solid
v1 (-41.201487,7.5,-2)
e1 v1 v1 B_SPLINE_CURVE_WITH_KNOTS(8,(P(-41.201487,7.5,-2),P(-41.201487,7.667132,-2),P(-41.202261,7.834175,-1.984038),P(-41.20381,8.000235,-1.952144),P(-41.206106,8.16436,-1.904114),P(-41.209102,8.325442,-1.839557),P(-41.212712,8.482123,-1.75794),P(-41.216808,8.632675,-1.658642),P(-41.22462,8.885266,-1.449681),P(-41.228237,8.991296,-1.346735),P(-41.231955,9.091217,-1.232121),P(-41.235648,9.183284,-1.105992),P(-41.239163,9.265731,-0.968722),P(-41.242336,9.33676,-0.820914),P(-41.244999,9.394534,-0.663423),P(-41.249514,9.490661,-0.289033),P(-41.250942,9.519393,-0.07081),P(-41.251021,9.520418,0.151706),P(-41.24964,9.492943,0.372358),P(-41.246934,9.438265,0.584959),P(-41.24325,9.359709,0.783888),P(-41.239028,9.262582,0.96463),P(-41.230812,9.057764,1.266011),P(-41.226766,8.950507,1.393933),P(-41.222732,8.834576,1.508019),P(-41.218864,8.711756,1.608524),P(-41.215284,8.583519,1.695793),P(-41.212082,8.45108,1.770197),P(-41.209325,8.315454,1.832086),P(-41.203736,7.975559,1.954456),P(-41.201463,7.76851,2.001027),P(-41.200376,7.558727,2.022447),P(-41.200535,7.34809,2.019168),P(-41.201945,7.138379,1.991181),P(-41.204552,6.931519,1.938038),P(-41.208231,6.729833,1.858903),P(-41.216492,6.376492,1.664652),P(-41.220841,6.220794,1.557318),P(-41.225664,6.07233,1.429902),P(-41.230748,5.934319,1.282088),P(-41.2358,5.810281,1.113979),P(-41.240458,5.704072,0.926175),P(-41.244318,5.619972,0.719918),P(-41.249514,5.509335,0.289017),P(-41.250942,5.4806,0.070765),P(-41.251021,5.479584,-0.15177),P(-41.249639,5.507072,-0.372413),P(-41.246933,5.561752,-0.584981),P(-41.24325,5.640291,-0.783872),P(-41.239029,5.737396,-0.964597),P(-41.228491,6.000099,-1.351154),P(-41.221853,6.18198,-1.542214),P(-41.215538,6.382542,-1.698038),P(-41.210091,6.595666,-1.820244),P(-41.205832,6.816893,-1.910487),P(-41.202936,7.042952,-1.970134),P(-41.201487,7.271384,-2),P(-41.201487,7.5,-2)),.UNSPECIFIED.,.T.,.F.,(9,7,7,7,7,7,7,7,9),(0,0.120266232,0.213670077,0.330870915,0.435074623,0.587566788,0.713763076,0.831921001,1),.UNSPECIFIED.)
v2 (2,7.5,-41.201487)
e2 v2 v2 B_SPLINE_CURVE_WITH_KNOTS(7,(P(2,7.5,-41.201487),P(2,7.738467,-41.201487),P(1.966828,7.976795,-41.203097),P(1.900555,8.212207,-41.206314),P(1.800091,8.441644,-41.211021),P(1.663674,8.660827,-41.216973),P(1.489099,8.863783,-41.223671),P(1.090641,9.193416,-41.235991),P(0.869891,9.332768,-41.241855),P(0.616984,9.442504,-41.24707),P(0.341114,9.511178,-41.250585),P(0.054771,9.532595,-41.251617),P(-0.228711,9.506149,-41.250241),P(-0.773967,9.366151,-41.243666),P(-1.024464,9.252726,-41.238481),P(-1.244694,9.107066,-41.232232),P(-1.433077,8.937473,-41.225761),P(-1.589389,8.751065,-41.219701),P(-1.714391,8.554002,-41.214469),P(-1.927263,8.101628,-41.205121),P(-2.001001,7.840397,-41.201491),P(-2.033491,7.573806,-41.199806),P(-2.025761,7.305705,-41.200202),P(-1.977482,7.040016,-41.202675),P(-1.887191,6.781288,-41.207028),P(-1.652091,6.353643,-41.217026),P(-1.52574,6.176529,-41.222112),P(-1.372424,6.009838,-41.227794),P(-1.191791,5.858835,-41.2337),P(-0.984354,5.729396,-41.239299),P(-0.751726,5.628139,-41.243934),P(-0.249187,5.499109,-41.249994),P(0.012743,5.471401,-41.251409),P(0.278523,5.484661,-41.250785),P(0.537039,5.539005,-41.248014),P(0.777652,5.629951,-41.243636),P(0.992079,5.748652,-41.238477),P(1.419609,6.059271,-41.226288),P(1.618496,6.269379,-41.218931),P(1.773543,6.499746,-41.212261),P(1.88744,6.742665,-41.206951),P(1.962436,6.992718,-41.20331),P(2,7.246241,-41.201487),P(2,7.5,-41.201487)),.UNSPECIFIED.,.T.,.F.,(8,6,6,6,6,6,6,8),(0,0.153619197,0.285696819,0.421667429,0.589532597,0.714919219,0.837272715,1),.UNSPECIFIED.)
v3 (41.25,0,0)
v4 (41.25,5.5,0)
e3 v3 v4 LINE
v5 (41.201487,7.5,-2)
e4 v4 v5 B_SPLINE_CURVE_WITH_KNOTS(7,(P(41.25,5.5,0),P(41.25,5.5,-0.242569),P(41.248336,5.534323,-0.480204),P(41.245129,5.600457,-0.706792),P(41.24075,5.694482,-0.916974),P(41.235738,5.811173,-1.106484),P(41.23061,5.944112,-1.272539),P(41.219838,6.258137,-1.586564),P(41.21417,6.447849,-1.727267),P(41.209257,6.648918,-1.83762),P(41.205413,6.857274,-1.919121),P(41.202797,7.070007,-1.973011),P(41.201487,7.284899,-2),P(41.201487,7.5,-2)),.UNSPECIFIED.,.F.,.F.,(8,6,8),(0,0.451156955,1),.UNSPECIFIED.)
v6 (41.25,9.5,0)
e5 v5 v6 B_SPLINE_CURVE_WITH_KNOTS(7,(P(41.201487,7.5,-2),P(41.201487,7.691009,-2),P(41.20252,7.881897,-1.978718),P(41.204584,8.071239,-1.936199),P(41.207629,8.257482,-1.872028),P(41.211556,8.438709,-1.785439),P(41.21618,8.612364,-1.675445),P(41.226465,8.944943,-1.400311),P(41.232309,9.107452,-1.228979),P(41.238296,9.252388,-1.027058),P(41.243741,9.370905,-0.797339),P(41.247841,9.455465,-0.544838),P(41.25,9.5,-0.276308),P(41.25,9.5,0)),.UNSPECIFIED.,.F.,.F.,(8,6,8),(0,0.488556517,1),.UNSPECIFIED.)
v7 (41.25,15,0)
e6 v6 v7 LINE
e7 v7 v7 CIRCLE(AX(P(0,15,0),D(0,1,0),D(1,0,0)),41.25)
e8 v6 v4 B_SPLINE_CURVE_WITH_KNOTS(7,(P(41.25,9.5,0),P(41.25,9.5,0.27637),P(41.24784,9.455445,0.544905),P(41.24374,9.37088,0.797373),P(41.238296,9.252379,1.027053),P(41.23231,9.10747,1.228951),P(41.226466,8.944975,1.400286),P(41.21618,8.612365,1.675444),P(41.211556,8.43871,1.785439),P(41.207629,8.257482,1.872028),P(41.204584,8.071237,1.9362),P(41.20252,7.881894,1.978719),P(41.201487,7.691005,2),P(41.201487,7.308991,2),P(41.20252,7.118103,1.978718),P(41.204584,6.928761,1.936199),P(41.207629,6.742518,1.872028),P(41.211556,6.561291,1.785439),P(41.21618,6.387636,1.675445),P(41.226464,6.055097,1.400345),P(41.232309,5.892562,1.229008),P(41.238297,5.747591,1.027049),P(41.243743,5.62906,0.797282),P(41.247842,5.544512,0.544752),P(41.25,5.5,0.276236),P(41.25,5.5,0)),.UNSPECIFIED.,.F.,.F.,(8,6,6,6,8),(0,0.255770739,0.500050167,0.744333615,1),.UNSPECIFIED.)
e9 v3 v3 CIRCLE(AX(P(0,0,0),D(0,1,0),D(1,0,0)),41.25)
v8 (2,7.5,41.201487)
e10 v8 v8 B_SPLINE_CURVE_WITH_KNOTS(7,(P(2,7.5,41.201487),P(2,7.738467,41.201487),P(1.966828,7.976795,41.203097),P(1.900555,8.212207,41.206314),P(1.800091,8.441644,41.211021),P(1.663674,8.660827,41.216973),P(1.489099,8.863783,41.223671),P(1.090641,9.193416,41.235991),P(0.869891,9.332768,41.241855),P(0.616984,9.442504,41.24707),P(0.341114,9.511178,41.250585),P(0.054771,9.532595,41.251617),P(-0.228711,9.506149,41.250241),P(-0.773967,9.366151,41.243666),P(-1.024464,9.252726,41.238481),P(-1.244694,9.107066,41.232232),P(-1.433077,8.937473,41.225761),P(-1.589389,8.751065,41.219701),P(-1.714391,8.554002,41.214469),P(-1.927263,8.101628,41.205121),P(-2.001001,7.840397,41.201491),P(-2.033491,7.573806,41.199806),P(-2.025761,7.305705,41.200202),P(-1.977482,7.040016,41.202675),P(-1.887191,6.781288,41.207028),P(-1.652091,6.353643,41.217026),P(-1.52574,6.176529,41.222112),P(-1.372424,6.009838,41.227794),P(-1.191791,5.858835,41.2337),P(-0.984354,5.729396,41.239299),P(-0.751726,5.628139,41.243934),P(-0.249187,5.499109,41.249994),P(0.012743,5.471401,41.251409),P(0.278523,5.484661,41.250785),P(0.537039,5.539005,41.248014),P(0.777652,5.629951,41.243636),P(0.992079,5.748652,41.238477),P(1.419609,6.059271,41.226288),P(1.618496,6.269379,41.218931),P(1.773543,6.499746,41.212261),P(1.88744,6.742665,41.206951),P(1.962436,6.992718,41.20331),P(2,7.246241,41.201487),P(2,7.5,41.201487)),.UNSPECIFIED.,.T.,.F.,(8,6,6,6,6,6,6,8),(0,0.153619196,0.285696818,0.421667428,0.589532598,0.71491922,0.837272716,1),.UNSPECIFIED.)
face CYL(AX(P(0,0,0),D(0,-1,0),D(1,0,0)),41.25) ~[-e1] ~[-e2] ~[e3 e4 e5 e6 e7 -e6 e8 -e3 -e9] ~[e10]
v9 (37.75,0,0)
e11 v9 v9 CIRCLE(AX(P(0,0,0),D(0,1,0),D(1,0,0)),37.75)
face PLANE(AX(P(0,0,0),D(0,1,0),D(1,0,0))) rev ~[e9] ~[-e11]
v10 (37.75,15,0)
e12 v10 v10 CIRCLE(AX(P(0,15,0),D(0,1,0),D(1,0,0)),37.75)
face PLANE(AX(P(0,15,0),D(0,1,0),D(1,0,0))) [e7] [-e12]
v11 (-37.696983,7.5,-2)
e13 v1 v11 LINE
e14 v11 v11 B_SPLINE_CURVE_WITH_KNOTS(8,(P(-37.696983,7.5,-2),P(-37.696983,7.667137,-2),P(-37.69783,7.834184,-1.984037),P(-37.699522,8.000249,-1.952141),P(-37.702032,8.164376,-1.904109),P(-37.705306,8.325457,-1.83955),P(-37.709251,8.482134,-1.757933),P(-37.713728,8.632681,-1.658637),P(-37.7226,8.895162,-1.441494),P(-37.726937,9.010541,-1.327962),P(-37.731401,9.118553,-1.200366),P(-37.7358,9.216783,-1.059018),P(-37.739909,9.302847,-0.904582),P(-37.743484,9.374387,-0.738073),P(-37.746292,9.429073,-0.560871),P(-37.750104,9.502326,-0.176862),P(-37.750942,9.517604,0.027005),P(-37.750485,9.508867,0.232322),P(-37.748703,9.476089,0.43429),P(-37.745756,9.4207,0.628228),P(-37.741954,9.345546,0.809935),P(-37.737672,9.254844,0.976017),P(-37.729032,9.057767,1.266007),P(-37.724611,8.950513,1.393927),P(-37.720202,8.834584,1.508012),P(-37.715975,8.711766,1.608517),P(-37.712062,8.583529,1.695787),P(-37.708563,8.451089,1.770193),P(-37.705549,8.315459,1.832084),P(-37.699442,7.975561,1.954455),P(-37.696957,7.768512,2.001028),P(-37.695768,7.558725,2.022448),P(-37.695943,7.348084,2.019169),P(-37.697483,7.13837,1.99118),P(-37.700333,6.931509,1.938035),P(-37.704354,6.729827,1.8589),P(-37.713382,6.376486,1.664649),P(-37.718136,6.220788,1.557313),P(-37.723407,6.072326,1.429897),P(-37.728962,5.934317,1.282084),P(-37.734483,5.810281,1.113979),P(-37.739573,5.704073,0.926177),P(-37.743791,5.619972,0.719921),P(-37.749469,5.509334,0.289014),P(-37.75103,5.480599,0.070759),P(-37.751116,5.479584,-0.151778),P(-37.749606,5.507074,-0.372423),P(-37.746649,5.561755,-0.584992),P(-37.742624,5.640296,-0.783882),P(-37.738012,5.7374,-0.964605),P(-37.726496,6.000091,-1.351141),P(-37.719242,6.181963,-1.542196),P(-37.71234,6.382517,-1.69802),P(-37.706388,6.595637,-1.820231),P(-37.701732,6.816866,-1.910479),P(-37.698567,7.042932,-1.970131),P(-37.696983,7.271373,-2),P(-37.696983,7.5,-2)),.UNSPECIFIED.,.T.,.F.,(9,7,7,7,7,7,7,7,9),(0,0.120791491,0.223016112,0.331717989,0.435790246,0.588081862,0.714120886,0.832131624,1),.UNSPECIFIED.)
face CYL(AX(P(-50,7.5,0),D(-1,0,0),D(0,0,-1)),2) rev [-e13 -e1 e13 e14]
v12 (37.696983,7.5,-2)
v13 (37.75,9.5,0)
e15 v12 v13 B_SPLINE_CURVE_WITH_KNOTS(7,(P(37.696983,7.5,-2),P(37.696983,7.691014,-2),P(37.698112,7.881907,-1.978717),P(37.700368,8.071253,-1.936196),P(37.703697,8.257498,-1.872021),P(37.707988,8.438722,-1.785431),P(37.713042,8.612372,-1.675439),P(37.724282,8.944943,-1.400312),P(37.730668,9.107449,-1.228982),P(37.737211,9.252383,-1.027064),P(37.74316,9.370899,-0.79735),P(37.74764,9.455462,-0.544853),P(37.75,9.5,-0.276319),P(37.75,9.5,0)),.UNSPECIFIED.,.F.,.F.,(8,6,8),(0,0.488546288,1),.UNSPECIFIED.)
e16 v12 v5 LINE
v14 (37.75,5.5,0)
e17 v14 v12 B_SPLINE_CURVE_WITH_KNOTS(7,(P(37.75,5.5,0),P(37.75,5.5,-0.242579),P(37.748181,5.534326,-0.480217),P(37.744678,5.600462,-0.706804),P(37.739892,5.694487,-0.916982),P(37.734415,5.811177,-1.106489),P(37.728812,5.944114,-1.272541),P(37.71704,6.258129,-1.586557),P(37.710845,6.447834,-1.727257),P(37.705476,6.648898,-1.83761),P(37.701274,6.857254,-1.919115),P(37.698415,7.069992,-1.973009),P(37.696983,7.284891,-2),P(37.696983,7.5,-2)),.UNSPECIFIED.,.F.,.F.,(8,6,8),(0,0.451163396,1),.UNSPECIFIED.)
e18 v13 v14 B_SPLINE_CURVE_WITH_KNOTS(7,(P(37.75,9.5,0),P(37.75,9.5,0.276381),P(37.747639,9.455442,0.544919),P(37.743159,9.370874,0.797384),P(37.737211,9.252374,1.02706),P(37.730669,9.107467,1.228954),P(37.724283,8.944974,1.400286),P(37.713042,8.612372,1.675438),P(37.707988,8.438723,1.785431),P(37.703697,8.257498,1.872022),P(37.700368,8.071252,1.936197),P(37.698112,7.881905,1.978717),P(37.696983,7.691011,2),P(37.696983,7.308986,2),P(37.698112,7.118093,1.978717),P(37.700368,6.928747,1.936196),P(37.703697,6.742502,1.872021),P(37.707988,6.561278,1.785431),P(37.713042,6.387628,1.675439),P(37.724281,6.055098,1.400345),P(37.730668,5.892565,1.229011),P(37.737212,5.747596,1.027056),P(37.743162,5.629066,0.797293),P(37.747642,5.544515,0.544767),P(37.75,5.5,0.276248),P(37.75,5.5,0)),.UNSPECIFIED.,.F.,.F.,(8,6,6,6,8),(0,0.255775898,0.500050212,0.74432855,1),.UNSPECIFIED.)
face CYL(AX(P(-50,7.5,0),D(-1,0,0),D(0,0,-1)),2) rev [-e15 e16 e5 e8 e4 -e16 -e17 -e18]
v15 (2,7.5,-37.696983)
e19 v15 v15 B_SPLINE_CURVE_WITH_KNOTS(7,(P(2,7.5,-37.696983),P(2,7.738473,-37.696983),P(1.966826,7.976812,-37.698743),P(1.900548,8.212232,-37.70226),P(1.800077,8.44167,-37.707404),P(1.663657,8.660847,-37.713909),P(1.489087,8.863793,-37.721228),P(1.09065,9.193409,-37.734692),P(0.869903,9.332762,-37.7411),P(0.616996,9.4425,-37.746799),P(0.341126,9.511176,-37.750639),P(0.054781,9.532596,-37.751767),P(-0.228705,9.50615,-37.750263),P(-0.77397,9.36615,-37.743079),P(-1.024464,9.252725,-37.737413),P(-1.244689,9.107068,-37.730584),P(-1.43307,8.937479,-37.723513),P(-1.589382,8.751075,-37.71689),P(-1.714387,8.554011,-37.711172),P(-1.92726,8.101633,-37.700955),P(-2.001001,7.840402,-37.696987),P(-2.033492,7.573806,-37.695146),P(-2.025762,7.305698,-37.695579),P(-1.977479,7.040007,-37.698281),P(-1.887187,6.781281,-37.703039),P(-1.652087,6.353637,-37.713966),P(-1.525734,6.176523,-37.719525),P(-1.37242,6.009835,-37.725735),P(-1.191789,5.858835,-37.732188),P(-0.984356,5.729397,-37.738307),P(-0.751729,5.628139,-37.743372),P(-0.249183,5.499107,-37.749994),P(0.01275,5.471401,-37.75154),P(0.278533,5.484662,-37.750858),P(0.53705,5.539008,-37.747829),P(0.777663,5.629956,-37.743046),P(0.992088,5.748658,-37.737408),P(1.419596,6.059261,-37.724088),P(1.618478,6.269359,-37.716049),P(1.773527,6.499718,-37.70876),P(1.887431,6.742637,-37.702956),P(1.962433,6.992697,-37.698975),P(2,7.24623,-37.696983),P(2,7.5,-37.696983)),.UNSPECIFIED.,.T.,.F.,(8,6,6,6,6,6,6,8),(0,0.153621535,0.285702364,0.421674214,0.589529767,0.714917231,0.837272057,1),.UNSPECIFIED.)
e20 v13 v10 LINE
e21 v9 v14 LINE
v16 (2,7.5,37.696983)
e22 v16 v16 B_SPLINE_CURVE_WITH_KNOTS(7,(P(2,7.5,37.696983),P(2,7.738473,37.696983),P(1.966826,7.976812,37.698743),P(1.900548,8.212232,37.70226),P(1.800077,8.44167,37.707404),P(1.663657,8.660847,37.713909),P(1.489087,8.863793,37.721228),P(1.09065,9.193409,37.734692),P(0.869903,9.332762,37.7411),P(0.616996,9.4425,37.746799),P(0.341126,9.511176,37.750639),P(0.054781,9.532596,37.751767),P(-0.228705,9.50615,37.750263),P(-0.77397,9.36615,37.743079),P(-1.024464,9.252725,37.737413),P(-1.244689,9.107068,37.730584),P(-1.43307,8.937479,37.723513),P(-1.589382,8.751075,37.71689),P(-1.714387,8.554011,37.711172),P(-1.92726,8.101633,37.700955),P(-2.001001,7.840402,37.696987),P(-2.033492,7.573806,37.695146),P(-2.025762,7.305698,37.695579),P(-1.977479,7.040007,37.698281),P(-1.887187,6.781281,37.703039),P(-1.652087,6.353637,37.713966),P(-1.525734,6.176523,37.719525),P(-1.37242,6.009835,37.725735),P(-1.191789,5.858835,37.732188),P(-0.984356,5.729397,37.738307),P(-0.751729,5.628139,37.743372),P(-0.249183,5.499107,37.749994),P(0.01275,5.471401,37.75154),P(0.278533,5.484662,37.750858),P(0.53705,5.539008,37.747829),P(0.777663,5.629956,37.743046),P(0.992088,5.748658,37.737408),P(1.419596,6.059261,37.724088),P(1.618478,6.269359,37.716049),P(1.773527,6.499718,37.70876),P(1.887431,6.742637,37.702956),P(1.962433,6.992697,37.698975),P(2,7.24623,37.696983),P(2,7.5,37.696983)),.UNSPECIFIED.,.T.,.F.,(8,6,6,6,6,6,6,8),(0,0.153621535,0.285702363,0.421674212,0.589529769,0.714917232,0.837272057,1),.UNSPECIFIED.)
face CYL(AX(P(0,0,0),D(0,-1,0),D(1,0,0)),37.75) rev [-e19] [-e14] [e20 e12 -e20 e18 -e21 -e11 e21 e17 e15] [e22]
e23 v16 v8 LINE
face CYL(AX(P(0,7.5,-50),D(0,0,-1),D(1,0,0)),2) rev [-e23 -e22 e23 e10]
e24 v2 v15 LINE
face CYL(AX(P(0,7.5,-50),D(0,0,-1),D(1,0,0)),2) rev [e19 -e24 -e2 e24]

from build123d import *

# Parameters (mm, degrees)
SKETCH1_R               = 41.25
SKETCH1_R_2             = 37.75
BOSS_EXTRUDE1_DEPTH     = 15
CUT_EXTRUDE2_DEPTH      = 50
CUT_EXTRUDE2_DEPTH_BACK = 50
SKETCH2_R               = 2
CUT_EXTRUDE3_DEPTH      = 50
CUT_EXTRUDE3_DEPTH_BACK = 50
SKETCH4_R               = 2


with BuildPart() as part:
    # Sketch1 → Boss-Extrude1 (new body)
    with BuildSketch(Plane(origin=(0, 0, 0), x_dir=(1, 0, 0), z_dir=(0, 1, 0))):
        Circle(SKETCH1_R)
        Circle(SKETCH1_R_2, mode=Mode.SUBTRACT)
    extrude(amount=BOSS_EXTRUDE1_DEPTH)

    # Sketch2 → Cut-Extrude2 (cut, two sides: drawn at the far end of the back side and taken through both)
    with BuildSketch(Plane(origin=(0, 0, 0), x_dir=(0, 0, -1), z_dir=(1, 0, 0)).offset(-CUT_EXTRUDE2_DEPTH_BACK)):
        with Locations((0, 7.5)):
            Circle(SKETCH2_R)
    extrude(amount=CUT_EXTRUDE2_DEPTH + CUT_EXTRUDE2_DEPTH_BACK, mode=Mode.SUBTRACT)

    # Sketch4 → Cut-Extrude3 (cut, two sides: drawn at the far end of the back side and taken through both)
    with BuildSketch(Plane.XY.offset(-CUT_EXTRUDE3_DEPTH_BACK)):
        with Locations((0, 7.5)):
            Circle(SKETCH4_R)
    extrude(amount=CUT_EXTRUDE3_DEPTH + CUT_EXTRUDE3_DEPTH_BACK, mode=Mode.SUBTRACT)


solid = part.part
